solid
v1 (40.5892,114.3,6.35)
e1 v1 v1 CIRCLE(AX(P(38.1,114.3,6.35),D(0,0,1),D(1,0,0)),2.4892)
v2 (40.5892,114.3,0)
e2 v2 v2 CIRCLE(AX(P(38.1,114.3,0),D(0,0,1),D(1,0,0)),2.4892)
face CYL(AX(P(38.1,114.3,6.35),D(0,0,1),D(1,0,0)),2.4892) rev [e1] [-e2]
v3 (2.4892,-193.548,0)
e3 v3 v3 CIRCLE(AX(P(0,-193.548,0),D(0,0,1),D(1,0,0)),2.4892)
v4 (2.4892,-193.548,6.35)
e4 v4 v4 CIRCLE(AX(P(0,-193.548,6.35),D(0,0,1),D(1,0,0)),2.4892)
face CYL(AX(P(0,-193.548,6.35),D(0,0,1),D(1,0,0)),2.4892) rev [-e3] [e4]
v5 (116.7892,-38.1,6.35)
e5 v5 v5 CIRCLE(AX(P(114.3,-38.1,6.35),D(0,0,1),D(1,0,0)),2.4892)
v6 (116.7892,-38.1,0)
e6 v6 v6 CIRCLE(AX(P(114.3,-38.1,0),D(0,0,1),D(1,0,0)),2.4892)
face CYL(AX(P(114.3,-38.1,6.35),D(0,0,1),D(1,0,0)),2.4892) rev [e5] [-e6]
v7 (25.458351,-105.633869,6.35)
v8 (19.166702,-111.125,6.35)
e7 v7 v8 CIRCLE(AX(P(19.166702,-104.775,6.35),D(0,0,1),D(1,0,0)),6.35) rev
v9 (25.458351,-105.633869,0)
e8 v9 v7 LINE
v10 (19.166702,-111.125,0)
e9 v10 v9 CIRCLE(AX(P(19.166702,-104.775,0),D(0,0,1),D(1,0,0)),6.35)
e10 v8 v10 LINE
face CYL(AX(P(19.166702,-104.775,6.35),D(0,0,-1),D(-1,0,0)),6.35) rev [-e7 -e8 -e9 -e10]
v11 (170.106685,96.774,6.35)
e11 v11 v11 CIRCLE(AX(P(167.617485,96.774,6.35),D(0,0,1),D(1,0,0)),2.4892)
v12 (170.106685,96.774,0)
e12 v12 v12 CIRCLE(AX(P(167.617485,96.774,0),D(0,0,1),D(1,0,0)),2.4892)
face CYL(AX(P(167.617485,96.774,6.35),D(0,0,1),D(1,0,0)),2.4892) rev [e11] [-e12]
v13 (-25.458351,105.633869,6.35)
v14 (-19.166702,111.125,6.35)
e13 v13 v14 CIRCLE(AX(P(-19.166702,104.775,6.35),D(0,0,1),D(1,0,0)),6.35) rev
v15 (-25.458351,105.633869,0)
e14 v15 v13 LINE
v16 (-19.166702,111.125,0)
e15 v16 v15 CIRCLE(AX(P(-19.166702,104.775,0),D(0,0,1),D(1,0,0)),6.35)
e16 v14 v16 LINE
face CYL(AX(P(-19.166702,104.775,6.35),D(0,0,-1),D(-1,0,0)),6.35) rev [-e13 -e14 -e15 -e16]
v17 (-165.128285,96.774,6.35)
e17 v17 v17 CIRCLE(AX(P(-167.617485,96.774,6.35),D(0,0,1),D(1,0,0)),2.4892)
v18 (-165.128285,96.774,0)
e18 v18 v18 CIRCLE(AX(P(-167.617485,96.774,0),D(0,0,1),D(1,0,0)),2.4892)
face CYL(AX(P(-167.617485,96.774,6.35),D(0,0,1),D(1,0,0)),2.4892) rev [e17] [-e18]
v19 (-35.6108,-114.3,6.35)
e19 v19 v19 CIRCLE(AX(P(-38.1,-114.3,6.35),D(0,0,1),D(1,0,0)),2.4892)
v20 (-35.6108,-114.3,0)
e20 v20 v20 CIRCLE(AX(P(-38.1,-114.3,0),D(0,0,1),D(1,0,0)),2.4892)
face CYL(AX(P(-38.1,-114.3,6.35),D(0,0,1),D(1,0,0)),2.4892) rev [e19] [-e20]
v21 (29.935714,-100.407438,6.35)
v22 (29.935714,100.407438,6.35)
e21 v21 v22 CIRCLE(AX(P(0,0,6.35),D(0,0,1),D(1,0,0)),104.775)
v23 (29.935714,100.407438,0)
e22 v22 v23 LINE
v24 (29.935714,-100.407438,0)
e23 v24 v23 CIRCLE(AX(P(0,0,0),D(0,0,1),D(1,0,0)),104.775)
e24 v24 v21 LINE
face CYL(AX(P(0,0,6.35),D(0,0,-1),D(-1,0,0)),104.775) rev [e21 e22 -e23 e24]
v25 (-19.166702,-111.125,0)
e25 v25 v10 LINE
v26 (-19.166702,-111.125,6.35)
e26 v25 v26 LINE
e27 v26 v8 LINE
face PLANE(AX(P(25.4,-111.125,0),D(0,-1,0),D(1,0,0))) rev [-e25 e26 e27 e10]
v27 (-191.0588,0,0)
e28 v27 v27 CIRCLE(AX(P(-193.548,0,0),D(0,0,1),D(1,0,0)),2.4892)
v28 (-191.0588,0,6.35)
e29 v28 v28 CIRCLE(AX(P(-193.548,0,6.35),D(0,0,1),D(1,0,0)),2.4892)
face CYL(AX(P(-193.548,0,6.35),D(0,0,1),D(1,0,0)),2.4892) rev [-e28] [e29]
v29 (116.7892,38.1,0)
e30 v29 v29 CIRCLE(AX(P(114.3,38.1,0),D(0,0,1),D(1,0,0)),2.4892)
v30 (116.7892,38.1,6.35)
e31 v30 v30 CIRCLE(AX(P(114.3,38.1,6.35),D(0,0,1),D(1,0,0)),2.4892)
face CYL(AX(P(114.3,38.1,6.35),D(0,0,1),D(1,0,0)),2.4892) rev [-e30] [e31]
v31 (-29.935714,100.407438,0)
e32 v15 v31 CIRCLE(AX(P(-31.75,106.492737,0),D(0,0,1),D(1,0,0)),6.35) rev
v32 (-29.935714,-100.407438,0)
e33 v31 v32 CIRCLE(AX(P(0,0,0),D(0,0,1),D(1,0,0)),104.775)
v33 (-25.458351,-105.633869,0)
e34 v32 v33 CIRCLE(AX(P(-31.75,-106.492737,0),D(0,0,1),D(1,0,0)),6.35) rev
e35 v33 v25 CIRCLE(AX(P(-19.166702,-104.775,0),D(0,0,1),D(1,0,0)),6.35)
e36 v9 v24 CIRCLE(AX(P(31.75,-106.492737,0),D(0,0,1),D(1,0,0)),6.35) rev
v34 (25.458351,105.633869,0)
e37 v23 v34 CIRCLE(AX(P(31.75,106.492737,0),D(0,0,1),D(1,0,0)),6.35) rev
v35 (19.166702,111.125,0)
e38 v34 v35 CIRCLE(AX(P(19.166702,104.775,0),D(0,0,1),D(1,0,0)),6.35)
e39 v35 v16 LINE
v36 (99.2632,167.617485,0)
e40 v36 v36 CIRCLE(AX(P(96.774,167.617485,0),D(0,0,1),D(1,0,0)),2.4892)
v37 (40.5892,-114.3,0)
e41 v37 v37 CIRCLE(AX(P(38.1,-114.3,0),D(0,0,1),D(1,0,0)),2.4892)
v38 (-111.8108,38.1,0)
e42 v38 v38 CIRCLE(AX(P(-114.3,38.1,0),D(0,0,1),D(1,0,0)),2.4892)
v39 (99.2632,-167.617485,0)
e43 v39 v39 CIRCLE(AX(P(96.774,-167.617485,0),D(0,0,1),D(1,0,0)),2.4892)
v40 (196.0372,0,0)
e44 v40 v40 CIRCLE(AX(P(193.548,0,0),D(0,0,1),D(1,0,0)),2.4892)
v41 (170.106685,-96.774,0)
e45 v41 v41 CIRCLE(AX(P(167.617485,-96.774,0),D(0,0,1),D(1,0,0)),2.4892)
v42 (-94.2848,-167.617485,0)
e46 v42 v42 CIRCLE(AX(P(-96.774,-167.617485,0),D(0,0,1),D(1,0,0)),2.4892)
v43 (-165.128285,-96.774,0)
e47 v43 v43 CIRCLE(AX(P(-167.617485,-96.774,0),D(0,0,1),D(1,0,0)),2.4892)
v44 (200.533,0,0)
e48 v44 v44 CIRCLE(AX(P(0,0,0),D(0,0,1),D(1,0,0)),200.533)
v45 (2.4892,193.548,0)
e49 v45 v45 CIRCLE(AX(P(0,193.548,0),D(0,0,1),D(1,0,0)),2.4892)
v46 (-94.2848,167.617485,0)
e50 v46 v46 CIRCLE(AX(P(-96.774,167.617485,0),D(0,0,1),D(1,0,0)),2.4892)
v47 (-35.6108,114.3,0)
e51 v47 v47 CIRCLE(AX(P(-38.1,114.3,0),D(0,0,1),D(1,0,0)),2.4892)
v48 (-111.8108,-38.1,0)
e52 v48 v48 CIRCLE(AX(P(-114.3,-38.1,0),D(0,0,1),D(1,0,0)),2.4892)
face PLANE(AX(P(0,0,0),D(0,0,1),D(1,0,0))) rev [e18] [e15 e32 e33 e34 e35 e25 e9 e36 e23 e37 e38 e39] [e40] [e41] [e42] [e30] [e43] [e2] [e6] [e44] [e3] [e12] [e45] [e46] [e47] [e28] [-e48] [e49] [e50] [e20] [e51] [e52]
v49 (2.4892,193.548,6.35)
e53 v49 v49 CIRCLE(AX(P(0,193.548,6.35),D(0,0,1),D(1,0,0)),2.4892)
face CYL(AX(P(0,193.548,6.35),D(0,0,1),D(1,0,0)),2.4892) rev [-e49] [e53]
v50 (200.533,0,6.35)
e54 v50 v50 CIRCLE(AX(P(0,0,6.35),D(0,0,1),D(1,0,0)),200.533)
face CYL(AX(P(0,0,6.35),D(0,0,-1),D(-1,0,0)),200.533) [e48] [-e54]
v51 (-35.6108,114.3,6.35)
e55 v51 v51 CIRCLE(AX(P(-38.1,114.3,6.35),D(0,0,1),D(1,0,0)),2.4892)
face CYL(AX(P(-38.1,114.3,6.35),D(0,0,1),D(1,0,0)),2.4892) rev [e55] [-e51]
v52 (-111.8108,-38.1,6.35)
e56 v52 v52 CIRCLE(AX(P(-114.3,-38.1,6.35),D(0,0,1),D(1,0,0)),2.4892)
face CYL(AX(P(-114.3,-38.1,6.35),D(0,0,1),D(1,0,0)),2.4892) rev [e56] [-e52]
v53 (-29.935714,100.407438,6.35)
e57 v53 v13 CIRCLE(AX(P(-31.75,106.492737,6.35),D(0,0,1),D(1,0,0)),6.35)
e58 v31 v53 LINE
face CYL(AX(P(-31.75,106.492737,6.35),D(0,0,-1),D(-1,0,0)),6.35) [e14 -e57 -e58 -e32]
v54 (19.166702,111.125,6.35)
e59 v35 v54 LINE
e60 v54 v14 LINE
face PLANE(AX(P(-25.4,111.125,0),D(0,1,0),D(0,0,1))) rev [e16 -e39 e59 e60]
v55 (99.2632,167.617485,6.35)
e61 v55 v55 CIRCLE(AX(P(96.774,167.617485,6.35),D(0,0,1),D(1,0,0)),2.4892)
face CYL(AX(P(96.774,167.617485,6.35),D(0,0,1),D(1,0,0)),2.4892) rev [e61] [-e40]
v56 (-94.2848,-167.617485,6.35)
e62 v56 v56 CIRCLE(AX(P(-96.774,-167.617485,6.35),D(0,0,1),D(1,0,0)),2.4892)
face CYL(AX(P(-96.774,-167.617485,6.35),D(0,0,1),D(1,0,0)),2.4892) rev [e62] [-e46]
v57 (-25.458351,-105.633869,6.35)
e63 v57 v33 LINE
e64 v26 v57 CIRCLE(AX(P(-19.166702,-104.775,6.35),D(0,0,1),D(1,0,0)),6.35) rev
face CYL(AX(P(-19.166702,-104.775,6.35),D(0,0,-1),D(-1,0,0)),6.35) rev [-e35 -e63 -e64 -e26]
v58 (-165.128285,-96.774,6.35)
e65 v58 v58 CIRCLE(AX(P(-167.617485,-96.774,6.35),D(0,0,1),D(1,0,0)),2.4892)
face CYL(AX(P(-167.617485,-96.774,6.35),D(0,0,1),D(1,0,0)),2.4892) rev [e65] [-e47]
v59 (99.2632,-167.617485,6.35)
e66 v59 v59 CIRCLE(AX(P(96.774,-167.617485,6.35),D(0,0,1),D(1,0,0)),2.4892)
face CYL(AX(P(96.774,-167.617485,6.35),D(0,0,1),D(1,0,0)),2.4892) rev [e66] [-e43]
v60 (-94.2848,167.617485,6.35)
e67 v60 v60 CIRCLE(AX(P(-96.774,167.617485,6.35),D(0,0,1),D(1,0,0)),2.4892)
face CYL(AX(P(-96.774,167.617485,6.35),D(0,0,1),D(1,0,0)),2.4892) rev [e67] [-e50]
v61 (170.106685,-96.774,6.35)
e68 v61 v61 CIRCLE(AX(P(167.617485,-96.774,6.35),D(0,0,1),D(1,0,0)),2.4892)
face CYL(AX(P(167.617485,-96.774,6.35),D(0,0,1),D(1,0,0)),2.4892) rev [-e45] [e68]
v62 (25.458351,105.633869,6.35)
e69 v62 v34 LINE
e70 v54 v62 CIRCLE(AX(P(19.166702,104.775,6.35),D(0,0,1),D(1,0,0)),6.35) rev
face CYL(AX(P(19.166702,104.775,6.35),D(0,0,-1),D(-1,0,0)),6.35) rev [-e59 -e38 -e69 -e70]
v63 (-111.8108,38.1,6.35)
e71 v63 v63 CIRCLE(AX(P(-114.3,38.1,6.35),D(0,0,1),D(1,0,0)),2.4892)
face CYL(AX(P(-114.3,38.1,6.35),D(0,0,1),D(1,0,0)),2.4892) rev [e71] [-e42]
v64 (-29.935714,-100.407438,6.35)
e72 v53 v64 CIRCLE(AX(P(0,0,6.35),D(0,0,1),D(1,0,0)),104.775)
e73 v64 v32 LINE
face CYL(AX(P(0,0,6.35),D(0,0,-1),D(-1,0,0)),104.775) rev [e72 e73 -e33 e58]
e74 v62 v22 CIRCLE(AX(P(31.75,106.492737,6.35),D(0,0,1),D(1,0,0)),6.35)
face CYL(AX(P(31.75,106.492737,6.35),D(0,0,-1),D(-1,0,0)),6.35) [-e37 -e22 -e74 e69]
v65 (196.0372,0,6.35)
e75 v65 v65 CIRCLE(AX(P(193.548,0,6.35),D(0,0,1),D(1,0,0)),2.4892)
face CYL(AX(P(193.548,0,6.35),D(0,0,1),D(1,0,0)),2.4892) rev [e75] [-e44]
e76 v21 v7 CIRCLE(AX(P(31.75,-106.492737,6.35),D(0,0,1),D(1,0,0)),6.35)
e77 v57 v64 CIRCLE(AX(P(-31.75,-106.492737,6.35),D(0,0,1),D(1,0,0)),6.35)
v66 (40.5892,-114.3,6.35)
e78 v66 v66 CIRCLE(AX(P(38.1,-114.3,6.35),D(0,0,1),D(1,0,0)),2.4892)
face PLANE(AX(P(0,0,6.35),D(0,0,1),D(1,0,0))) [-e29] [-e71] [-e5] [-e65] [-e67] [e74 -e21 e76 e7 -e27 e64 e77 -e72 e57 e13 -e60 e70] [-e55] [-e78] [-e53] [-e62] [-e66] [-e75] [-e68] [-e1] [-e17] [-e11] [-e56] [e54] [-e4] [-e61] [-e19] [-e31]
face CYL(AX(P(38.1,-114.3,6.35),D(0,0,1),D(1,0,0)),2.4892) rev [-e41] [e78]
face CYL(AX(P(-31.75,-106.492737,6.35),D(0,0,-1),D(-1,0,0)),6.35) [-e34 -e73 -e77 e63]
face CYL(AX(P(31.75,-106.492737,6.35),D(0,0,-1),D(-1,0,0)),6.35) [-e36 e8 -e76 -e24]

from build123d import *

# Parameters (mm, degrees)
SKETCH1_R                  = 200.533
SKETCH1_R_2                = 104.775
BOSS_EXTRUDE1_DEPTH        = 6.35
F_9_0_196_DIAMETER_HOLE1_D = 4.9784
SKETCH4_W                  = 50.8
SKETCH4_H                  = 9.525
CUT_EXTRUDE1_DEPTH         = 284.66757072
F_9_0_196_DIAMETER_HOLE2_D = 4.9784
FILLET1_R                  = 6.35
FILLET2_R                  = 6.35


with BuildPart() as part:
    # Sketch1 → Boss-Extrude1 (new body)
    with BuildSketch(Plane(origin=(0, 0, 0), x_dir=(0, 1, 0), z_dir=(0, 0, 1))):
        with Locations(Location((0, 0, 0), (0, 0, 270))):
            Circle(SKETCH1_R)
        with Locations(Location((0, 0, 0), (0, 0, 270))):
            Circle(SKETCH1_R_2, mode=Mode.SUBTRACT)
    extrude(amount=BOSS_EXTRUDE1_DEPTH)

    # #9 (0.196) Diameter Hole1 (through all)
    with Locations(Plane.XY.offset(6.35)):
        with Locations((-96.774, 167.617484852), (-167.617484852, 96.774), (-193.548, 0), (-167.617484852, -96.774), (-96.774, -167.617484852), (0, -193.548), (96.774, -167.617484852), (167.617484852, -96.774), (193.548, 0), (167.617484852, 96.774), (96.774, 167.617484852), (0, 193.548)):
            Hole(F_9_0_196_DIAMETER_HOLE1_D / 2)

    # Sketch4 → Cut-Extrude1 (cut, through all)
    with BuildSketch(Plane.XY.offset(6.35)):
        with Locations((0, 106.3625)):
            Rectangle(SKETCH4_W, SKETCH4_H)
        with Locations((0, -106.3625)):
            Rectangle(SKETCH4_W, SKETCH4_H)
    extrude(amount=-CUT_EXTRUDE1_DEPTH, mode=Mode.SUBTRACT)

    # #9 (0.196) Diameter Hole2 (through all)
    with Locations(Plane.XY.offset(6.35)):
        with Locations((-114.3, 38.1), (-114.3, -38.1), (-38.1, -114.3), (38.1, -114.3), (114.3, -38.1), (114.3, 38.1), (38.1, 114.3), (-38.1, 114.3)):
            Hole(F_9_0_196_DIAMETER_HOLE2_D / 2)

    # Fillet1
    fillet1_edges = [part.edges().sort_by_distance(p)[0] for p in [
        (25.4, -101.649597269, 3.175),
        (-25.4, -101.649597269, 3.175),
        (-25.4, 101.649597269, 3.175),
        (25.4, 101.649597269, 3.175),
    ]]
    fillet(fillet1_edges, radius=FILLET1_R)

    # Fillet2
    fillet2_edges = [part.edges().sort_by_distance(p)[0] for p in [
        (25.4, -111.125, 3.175),
        (-25.4, -111.125, 3.175),
        (25.4, 111.125, 3.175),
        (-25.4, 111.125, 3.175),
    ]]
    fillet(fillet2_edges, radius=FILLET2_R)


solid = part.part
